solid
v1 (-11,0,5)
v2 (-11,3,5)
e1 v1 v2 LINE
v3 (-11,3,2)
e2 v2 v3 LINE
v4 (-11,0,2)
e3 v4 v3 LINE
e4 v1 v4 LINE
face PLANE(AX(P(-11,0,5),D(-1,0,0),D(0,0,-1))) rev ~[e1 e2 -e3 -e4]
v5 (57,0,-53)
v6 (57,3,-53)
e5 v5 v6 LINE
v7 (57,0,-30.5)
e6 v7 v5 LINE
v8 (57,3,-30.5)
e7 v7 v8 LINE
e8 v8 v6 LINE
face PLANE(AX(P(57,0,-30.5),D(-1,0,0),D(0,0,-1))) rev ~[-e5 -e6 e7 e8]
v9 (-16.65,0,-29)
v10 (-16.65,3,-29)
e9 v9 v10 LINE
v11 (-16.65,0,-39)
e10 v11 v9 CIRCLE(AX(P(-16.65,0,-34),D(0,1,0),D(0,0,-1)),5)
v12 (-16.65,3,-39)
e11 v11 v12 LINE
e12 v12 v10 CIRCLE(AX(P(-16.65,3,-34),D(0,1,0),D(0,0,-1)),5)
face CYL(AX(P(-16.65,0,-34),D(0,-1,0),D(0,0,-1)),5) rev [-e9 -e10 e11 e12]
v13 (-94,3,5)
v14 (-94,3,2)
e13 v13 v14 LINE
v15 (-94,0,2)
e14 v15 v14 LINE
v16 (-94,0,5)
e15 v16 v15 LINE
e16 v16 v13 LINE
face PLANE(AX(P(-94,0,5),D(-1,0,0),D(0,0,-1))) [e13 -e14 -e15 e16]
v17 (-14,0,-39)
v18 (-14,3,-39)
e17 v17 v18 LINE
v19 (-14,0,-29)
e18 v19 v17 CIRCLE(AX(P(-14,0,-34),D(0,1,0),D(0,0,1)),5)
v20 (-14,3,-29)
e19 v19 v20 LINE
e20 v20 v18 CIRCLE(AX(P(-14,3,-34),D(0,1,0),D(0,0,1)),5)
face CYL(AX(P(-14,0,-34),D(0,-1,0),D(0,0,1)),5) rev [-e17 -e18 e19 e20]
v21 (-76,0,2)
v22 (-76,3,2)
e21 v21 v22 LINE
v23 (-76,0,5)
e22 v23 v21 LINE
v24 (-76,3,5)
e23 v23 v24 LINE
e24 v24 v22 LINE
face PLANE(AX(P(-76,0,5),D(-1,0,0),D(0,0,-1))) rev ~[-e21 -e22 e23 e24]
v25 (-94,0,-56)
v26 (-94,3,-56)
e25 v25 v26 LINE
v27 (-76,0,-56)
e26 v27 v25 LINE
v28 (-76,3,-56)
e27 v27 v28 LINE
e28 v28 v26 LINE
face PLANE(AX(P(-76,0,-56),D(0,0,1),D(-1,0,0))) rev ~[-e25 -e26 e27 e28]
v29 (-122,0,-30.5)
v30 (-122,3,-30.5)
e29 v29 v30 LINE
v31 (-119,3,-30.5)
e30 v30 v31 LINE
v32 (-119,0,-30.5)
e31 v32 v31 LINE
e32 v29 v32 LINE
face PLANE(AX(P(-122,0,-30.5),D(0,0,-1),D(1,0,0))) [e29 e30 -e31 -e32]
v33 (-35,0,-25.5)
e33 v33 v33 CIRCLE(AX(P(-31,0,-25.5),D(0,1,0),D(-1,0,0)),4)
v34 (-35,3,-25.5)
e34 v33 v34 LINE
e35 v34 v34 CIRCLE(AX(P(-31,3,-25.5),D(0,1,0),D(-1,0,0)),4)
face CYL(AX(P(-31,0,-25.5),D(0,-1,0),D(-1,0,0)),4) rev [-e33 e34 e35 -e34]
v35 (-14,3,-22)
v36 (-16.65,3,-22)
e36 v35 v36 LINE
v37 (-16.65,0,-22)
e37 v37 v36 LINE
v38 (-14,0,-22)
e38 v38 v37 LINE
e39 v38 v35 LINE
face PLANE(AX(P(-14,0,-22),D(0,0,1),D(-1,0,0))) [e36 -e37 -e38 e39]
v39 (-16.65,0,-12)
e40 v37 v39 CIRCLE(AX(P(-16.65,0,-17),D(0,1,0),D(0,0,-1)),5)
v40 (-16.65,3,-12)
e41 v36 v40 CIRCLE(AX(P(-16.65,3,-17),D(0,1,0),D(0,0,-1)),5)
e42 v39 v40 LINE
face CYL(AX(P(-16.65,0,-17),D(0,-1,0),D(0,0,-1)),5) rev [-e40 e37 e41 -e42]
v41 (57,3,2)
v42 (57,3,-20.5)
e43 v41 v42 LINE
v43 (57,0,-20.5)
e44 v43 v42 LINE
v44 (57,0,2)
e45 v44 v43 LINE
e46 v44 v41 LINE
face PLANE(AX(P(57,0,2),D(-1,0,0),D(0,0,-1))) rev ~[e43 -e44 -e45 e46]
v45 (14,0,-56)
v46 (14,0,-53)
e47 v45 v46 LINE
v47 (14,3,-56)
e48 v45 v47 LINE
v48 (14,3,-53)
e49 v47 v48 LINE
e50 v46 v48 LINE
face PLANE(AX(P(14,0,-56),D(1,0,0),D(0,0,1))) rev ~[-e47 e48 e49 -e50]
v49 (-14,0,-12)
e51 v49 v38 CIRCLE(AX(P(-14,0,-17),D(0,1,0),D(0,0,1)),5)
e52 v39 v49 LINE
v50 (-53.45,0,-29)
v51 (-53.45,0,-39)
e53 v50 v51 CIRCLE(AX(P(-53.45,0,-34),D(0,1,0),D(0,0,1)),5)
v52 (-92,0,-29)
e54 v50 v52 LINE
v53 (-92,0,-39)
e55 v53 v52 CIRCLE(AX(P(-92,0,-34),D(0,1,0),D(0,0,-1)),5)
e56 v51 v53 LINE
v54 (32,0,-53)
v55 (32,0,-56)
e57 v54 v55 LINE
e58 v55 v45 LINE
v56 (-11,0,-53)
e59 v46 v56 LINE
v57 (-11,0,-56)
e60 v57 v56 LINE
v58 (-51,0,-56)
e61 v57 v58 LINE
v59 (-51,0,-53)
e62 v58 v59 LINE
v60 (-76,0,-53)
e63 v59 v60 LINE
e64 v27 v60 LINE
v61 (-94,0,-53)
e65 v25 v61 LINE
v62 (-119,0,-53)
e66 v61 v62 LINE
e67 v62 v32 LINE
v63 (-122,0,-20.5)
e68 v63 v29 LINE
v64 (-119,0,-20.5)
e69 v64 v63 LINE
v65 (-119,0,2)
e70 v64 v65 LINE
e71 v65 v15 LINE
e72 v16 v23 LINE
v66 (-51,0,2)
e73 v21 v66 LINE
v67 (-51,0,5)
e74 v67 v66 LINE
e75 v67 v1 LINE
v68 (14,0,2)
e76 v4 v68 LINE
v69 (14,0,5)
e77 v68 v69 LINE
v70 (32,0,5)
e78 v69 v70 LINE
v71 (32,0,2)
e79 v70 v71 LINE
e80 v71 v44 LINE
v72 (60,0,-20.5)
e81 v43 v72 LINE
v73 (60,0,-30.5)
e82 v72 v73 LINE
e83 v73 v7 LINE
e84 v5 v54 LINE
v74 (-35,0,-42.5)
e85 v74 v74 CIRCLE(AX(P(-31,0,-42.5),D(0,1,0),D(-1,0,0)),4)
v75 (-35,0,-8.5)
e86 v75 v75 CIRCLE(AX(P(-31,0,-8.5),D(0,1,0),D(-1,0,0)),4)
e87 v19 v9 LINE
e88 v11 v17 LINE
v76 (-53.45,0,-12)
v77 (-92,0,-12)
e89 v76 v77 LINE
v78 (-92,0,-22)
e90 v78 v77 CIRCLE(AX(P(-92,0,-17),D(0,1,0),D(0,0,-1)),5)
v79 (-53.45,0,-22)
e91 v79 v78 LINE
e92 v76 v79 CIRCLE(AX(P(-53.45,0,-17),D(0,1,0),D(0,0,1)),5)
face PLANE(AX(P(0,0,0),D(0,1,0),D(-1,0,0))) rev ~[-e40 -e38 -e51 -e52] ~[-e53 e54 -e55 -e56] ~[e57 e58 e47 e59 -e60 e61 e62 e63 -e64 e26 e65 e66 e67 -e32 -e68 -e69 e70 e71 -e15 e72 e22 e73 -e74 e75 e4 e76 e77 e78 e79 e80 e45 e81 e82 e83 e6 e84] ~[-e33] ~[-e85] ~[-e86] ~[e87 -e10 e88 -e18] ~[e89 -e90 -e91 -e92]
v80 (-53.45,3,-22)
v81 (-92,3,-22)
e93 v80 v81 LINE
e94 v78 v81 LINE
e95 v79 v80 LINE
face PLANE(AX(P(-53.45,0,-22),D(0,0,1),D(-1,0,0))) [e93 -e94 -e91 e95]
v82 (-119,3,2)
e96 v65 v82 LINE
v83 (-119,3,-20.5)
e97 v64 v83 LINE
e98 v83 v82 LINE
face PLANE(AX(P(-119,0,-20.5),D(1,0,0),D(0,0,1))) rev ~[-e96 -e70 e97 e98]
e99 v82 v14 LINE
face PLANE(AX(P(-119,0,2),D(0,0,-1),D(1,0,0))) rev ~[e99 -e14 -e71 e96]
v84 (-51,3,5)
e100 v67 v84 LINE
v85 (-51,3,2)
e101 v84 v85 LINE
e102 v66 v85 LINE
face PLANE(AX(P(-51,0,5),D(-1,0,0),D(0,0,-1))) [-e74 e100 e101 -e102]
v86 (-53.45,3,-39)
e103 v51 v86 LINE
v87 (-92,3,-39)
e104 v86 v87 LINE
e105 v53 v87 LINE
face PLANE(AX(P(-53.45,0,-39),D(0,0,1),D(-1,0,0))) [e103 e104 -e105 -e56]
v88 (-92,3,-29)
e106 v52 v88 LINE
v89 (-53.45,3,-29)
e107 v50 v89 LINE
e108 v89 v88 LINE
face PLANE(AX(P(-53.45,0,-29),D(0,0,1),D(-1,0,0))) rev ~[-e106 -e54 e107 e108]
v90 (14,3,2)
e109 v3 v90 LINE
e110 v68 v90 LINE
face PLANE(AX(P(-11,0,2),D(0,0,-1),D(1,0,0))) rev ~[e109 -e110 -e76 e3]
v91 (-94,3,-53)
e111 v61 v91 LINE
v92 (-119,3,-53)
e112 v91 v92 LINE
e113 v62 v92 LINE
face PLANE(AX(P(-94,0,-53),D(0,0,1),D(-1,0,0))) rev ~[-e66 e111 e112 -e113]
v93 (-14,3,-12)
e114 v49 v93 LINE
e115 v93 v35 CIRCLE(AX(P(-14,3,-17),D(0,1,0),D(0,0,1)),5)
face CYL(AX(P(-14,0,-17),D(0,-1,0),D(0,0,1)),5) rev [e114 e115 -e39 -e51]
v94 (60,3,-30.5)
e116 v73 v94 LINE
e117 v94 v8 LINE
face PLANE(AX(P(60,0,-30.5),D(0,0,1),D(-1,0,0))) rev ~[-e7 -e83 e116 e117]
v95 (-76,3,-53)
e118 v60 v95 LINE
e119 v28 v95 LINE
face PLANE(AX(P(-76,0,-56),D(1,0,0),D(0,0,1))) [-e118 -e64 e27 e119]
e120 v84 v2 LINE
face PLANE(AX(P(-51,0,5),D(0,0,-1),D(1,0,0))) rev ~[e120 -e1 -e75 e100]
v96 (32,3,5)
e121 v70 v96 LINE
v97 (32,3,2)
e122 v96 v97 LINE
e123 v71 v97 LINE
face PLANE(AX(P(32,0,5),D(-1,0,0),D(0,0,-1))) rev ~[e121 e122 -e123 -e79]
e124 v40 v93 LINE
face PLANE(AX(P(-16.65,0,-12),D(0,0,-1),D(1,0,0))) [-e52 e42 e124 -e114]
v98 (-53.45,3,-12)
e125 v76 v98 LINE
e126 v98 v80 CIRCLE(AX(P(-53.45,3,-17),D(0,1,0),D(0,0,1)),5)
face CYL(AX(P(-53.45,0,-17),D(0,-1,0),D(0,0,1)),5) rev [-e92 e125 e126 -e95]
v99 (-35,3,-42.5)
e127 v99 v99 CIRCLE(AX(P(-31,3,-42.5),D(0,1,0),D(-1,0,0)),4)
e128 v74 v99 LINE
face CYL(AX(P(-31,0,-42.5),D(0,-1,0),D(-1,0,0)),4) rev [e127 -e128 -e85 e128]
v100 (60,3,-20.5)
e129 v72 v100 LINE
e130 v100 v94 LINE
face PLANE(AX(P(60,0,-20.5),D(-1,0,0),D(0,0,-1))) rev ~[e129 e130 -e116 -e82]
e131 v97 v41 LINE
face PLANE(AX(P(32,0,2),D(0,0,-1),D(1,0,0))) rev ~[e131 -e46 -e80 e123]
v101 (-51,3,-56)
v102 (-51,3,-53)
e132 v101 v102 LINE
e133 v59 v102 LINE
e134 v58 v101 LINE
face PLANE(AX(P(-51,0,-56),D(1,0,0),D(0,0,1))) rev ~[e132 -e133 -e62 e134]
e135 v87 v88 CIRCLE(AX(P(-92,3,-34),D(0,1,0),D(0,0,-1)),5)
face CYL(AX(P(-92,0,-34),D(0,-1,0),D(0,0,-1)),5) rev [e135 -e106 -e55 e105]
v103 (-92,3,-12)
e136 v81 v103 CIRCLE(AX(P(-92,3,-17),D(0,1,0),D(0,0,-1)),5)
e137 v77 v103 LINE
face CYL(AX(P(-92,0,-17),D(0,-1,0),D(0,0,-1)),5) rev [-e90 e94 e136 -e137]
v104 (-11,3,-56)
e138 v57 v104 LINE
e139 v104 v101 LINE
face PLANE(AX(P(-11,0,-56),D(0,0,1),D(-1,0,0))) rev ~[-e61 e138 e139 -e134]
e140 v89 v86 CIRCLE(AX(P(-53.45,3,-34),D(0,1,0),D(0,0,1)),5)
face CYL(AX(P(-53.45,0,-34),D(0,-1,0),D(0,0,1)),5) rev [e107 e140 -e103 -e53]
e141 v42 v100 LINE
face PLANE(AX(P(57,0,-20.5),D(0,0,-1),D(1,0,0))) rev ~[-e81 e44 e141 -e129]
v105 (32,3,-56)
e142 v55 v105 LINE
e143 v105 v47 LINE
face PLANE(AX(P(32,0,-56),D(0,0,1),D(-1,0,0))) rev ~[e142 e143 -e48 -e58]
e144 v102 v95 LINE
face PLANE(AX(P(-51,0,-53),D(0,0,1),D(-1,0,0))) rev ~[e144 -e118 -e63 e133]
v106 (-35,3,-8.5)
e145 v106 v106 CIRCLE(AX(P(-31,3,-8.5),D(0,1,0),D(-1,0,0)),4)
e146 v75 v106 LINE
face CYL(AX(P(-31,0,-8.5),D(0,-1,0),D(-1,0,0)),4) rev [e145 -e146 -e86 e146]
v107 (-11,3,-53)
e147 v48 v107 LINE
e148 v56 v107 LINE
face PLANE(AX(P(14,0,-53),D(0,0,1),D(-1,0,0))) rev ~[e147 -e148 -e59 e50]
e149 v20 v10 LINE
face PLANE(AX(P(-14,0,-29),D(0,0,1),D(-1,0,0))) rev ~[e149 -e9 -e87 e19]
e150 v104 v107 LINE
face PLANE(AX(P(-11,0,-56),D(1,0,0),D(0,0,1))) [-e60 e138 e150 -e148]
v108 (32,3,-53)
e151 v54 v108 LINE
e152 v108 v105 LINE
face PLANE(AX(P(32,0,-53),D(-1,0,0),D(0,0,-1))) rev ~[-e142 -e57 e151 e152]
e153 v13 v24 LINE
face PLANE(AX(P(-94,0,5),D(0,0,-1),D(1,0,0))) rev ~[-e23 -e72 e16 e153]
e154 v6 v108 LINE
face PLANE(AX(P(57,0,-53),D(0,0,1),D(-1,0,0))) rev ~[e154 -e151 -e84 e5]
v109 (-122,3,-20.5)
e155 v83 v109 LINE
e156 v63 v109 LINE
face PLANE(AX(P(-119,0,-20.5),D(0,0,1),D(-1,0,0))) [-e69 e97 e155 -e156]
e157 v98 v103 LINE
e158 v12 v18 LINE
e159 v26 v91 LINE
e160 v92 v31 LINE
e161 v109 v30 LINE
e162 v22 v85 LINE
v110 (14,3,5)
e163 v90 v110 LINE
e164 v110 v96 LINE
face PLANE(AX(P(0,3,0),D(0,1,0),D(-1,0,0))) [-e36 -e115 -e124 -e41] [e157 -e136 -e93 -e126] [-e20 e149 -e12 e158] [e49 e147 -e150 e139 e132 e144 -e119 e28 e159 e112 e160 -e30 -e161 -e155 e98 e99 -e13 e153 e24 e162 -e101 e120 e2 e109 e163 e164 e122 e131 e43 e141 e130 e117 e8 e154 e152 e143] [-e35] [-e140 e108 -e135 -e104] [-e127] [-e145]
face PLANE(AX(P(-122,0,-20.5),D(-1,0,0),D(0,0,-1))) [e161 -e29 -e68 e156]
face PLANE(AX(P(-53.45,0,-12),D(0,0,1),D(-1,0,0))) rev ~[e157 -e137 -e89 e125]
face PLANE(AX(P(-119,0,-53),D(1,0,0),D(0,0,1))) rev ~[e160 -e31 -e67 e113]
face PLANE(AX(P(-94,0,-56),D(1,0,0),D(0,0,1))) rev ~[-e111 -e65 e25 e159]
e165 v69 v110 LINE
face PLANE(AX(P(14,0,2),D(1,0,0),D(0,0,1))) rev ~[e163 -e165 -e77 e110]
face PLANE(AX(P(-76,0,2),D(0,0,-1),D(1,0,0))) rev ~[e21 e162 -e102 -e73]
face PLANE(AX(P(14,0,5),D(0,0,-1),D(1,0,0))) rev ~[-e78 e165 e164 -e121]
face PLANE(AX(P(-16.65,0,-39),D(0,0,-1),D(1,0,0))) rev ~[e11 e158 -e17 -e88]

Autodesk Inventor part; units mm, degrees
ref_plane "YZ Plane" through (0, 0, 0) normal (1, 0, 0) x (0, 1, 0)
ref_plane "XZ Plane" through (0, 0, 0) normal (0, 1, 0) x (-1, 0, 0)
ref_plane "XY Plane" through (0, 0, 0) normal (0, 0, 1) x (1, 0, 0)
sketch "Sketch1" plane through (0, 0, 0) normal (0, 1, 0) x (-1, 0, 0)
  line L0 (37.25, -2.25) -> (24.75, -2.25) construction
  line L1 (24.75, -2.25) -> (24.75, -14.75) construction
  line L2 (24.75, -14.75) -> (37.25, -14.75) construction
  line L3 (37.25, -14.75) -> (37.25, -2.25) construction
  line L4 (56.9183, -8.5) -> (8.3915, -8.5) construction
  line L5 (0, -17) -> (105, -17) construction
  line L6 (0, 0) -> (0, -51) construction
  line L7 (0, -34) -> (105, -34) construction
  line L8 (105, -51) -> (105, 0) construction
  line L9 (31, 55.8243) -> (31, -51) construction
  line L10 (56.8064, -25.5) -> (17, -25.5) construction
  line L11 (24.75, -19.25) -> (24.75, -31.75) construction
  line L12 (37.25, -19.25) -> (24.75, -19.25) construction
  line L13 (37.25, -31.75) -> (37.25, -19.25) construction
  line L14 (24.75, -31.75) -> (37.25, -31.75) construction
  line L15 (24.75, -36.25) -> (24.75, -48.75) construction
  line L16 (37.25, -36.25) -> (24.75, -36.25) construction
  line L17 (37.25, -48.75) -> (37.25, -36.25) construction
  line L18 (24.75, -48.75) -> (37.25, -48.75) construction
  line L19 (56.3008, -42.5) -> (16.5498, -42.5) construction
  arc A0 (53.45, -12) -> (53.45, -22) centre (53.45, -17) ccw
  arc A1 (92, -22) -> (92, -12) centre (92, -17) ccw
  arc A2 (53.45, -29) -> (53.45, -39) centre (53.45, -34) ccw
  arc A3 (92, -39) -> (92, -29) centre (92, -34) ccw
  line L20 (53.45, -12) -> (92, -12)
  line L21 (53.45, -22) -> (92, -22)
  line L22 (53.45, -29) -> (92, -29)
  line L23 (53.45, -39) -> (92, -39)
  arc A4 (16.65, -39) -> (16.65, -29) centre (16.65, -34) ccw
  line L24 (103.5, -49.5) -> (103.5, -1.5) construction
  line L25 (1.5, -1.5) -> (1.5, -49.5) construction
  arc A5 (14, -29) -> (14, -39) centre (14, -34) ccw
  arc A6 (14, -12) -> (14, -22) centre (14, -17) ccw
  line L26 (16.65, -39) -> (14, -39)
  line L27 (14, -29) -> (16.65, -29)
  line L28 (14, -22) -> (16.65, -22)
  line L29 (16.65, -12) -> (14, -12)
  arc A7 (16.65, -22) -> (16.65, -12) centre (16.65, -17) ccw
  arc A8 (96.5, -51) -> (93, -47.5) centre (93, -51) ccw construction
  arc A9 (53.45, -47.5) -> (49.95, -51) centre (53.45, -51) ccw construction
  arc A10 (97.7697, -49.5) -> (93, -46) centre (93, -51) ccw construction
  line L30 (93, -46) -> (53.45, -46) construction
  line L31 (96.5, -51) -> (105, -51) construction
  line L32 (93, -47.5) -> (53.45, -47.5) construction
  line L33 (105, -49.5) -> (97.7697, -49.5) construction
  arc A11 (53.45, -46) -> (48.6803, -49.5) centre (53.45, -51) ccw construction
  arc A12 (48.6803, -1.5) -> (53.45, -5) centre (53.45, 0) ccw construction
  arc A13 (49.95, 0) -> (53.45, -3.5) centre (53.45, 0) ccw construction
  line L34 (93, -3.5) -> (53.45, -3.5) construction
  line L35 (93, -5) -> (53.45, -5) construction
  line L36 (97.7697, -1.5) -> (105, -1.5) construction
  line L37 (105, 0) -> (96.5, 0) construction
  arc A14 (93, -3.5) -> (96.5, 0) centre (93, 0) ccw construction
  arc A15 (93, -5) -> (97.7697, -1.5) centre (93, 0) ccw construction
  arc A16 (16.65, -51) -> (13.15, -47.5) centre (13.15, -51) ccw construction
  arc A17 (12, -47.5) -> (8.5, -51) centre (12, -51) ccw construction
  line L38 (13.15, -46) -> (12, -46) construction
  line L39 (13.15, -47.5) -> (12, -47.5) construction
  arc A18 (12, -46) -> (7.2303, -49.5) centre (12, -51) ccw construction
  arc A19 (17.9197, -49.5) -> (13.15, -46) centre (13.15, -51) ccw construction
  line L40 (48.6803, -49.5) -> (17.9197, -49.5) construction
  line L41 (7.2303, -49.5) -> (0, -49.5) construction
  line L42 (0, -51) -> (8.5, -51) construction
  line L43 (16.65, -51) -> (49.95, -51) construction
  line L44 (13.15, -5) -> (12, -5) construction
  line L45 (13.15, -3.5) -> (12, -3.5) construction
  arc A20 (8.5, 0) -> (12, -3.5) centre (12, 0) ccw construction
  arc A21 (13.15, -3.5) -> (16.65, 0) centre (13.15, 0) ccw construction
  arc A22 (7.2303, -1.5) -> (12, -5) centre (12, 0) ccw construction
  arc A23 (13.15, -5) -> (17.9197, -1.5) centre (13.15, 0) ccw construction
  line L46 (49.95, 0) -> (16.65, 0) construction
  line L47 (8.5, 0) -> (0, 0) construction
  line L48 (0, -1.5) -> (7.2303, -1.5) construction
  line L49 (17.9197, -1.5) -> (48.6803, -1.5) construction
  arc A24 (38.75, -4.25) -> (35.25, -0.75) centre (35.25, -4.25) ccw construction
  arc A25 (26.75, -0.75) -> (23.25, -4.25) centre (26.75, -4.25) ccw construction
  arc A26 (35.25, -50.25) -> (38.75, -46.75) centre (35.25, -46.75) ccw construction
  arc A27 (23.25, -46.75) -> (26.75, -50.25) centre (26.75, -46.75) ccw construction
  line L50 (38.75, -4.25) -> (38.75, -46.75) construction
  line L51 (35.25, -0.75) -> (26.75, -0.75) construction
  line L52 (23.25, -4.25) -> (23.25, -46.75) construction
  line L53 (26.75, -50.25) -> (35.25, -50.25) construction
  line L54 (51, 5) -> (51, 2)
  line L55 (76, 5) -> (76, 2)
  line L56 (94, 5) -> (94, 2)
  line L57 (11, 5) -> (11, 2)
  line L58 (-14, 2) -> (-14, 5)
  line L59 (51, -56) -> (51, -53)
  line L60 (11, -56) -> (11, -53)
  line L61 (-14, -56) -> (-14, -53)
  line L62 (76, -56) -> (76, -53)
  line L63 (94, -56) -> (94, -53)
  line L64 (-32, 5) -> (-32, 2)
  line L65 (-32, -53) -> (-32, -56)
  line L66 (11, 2) -> (-14, 2)
  line L67 (119, 2) -> (94, 2)
  line L68 (76, 2) -> (51, 2)
  line L69 (51, -53) -> (76, -53)
  line L70 (94, -53) -> (119, -53)
  line L71 (-14, -53) -> (11, -53)
  line L72 (-32, 2) -> (-57, 2)
  line L73 (-57, -53) -> (-32, -53)
  circle A28 centre (31, -8.5) radius 4
  circle A29 centre (31, -25.5) radius 4
  circle A30 centre (31, -42.5) radius 4
  line L74 (94, 5) -> (76, 5)
  line L75 (51, 5) -> (11, 5)
  line L76 (-14, 5) -> (-32, 5)
  line L77 (-32, -56) -> (-14, -56)
  line L78 (11, -56) -> (51, -56)
  line L79 (76, -56) -> (94, -56)
  line L80 (119, -20.5) -> (122, -20.5)
  line L81 (122, -20.5) -> (122, -30.5)
  line L82 (122, -30.5) -> (119, -30.5)
  line L83 (119, -53) -> (119, -30.5)
  line L84 (119, -20.5) -> (119, 2)
  line L85 (-57, -20.5) -> (-60, -20.5)
  line L86 (-60, -20.5) -> (-60, -30.5)
  line L87 (-60, -30.5) -> (-57, -30.5)
  line L88 (-57, 2) -> (-57, -20.5)
  line L89 (-57, -30.5) -> (-57, -53)
  dimension "d0" = 12.5
  dimension "d1" = 12.5
  dimension "d2" = 17
  dimension "d3" = 31
  dimension "d4" = 105
  dimension "d5" = 17
  dimension "d6" = 17
  dimension "d7" = 10
  dimension "d8" = 1.5
  dimension "d9" = 1.5
  dimension "d10" = 5
  dimension "d11" = 1.5
  dimension "d12" = 1.5
  dimension "d13" = 1.5
  dimension "d14" = 17
  dimension "d15" = 17
  dimension "d16" = 12
  dimension "d17" = 13
  dimension "d18" = 11.6
  dimension "d19" = 12
  dimension "d20" = 2
  dimension "d21" = 2
  dimension "d22" = 7
  dimension "d23" = 2
  dimension "d24" = 2
  dimension "d25" = 40
  dimension "d26" = 25
  dimension "d27" = 18
  dimension "d28" = 25
  dimension "d29" = 18
  dimension "d30" = 2
  dimension "d31" = 14
  dimension "d32" = 8.1
  dimension "d33" = 22.45
  dimension "d38" = 55
  dimension "d39" = 8
  dimension "d46" = 3
  dimension "d48" = 10
  dimension "d49" = 25
  dimension "d50" = 10
  dimension "d52" = 25
extrude "Extrusion1" add sketch "Sketch1" along normal blind 3
properties part number "Bottom_plate2" material "Polycarbonate, Clear"
